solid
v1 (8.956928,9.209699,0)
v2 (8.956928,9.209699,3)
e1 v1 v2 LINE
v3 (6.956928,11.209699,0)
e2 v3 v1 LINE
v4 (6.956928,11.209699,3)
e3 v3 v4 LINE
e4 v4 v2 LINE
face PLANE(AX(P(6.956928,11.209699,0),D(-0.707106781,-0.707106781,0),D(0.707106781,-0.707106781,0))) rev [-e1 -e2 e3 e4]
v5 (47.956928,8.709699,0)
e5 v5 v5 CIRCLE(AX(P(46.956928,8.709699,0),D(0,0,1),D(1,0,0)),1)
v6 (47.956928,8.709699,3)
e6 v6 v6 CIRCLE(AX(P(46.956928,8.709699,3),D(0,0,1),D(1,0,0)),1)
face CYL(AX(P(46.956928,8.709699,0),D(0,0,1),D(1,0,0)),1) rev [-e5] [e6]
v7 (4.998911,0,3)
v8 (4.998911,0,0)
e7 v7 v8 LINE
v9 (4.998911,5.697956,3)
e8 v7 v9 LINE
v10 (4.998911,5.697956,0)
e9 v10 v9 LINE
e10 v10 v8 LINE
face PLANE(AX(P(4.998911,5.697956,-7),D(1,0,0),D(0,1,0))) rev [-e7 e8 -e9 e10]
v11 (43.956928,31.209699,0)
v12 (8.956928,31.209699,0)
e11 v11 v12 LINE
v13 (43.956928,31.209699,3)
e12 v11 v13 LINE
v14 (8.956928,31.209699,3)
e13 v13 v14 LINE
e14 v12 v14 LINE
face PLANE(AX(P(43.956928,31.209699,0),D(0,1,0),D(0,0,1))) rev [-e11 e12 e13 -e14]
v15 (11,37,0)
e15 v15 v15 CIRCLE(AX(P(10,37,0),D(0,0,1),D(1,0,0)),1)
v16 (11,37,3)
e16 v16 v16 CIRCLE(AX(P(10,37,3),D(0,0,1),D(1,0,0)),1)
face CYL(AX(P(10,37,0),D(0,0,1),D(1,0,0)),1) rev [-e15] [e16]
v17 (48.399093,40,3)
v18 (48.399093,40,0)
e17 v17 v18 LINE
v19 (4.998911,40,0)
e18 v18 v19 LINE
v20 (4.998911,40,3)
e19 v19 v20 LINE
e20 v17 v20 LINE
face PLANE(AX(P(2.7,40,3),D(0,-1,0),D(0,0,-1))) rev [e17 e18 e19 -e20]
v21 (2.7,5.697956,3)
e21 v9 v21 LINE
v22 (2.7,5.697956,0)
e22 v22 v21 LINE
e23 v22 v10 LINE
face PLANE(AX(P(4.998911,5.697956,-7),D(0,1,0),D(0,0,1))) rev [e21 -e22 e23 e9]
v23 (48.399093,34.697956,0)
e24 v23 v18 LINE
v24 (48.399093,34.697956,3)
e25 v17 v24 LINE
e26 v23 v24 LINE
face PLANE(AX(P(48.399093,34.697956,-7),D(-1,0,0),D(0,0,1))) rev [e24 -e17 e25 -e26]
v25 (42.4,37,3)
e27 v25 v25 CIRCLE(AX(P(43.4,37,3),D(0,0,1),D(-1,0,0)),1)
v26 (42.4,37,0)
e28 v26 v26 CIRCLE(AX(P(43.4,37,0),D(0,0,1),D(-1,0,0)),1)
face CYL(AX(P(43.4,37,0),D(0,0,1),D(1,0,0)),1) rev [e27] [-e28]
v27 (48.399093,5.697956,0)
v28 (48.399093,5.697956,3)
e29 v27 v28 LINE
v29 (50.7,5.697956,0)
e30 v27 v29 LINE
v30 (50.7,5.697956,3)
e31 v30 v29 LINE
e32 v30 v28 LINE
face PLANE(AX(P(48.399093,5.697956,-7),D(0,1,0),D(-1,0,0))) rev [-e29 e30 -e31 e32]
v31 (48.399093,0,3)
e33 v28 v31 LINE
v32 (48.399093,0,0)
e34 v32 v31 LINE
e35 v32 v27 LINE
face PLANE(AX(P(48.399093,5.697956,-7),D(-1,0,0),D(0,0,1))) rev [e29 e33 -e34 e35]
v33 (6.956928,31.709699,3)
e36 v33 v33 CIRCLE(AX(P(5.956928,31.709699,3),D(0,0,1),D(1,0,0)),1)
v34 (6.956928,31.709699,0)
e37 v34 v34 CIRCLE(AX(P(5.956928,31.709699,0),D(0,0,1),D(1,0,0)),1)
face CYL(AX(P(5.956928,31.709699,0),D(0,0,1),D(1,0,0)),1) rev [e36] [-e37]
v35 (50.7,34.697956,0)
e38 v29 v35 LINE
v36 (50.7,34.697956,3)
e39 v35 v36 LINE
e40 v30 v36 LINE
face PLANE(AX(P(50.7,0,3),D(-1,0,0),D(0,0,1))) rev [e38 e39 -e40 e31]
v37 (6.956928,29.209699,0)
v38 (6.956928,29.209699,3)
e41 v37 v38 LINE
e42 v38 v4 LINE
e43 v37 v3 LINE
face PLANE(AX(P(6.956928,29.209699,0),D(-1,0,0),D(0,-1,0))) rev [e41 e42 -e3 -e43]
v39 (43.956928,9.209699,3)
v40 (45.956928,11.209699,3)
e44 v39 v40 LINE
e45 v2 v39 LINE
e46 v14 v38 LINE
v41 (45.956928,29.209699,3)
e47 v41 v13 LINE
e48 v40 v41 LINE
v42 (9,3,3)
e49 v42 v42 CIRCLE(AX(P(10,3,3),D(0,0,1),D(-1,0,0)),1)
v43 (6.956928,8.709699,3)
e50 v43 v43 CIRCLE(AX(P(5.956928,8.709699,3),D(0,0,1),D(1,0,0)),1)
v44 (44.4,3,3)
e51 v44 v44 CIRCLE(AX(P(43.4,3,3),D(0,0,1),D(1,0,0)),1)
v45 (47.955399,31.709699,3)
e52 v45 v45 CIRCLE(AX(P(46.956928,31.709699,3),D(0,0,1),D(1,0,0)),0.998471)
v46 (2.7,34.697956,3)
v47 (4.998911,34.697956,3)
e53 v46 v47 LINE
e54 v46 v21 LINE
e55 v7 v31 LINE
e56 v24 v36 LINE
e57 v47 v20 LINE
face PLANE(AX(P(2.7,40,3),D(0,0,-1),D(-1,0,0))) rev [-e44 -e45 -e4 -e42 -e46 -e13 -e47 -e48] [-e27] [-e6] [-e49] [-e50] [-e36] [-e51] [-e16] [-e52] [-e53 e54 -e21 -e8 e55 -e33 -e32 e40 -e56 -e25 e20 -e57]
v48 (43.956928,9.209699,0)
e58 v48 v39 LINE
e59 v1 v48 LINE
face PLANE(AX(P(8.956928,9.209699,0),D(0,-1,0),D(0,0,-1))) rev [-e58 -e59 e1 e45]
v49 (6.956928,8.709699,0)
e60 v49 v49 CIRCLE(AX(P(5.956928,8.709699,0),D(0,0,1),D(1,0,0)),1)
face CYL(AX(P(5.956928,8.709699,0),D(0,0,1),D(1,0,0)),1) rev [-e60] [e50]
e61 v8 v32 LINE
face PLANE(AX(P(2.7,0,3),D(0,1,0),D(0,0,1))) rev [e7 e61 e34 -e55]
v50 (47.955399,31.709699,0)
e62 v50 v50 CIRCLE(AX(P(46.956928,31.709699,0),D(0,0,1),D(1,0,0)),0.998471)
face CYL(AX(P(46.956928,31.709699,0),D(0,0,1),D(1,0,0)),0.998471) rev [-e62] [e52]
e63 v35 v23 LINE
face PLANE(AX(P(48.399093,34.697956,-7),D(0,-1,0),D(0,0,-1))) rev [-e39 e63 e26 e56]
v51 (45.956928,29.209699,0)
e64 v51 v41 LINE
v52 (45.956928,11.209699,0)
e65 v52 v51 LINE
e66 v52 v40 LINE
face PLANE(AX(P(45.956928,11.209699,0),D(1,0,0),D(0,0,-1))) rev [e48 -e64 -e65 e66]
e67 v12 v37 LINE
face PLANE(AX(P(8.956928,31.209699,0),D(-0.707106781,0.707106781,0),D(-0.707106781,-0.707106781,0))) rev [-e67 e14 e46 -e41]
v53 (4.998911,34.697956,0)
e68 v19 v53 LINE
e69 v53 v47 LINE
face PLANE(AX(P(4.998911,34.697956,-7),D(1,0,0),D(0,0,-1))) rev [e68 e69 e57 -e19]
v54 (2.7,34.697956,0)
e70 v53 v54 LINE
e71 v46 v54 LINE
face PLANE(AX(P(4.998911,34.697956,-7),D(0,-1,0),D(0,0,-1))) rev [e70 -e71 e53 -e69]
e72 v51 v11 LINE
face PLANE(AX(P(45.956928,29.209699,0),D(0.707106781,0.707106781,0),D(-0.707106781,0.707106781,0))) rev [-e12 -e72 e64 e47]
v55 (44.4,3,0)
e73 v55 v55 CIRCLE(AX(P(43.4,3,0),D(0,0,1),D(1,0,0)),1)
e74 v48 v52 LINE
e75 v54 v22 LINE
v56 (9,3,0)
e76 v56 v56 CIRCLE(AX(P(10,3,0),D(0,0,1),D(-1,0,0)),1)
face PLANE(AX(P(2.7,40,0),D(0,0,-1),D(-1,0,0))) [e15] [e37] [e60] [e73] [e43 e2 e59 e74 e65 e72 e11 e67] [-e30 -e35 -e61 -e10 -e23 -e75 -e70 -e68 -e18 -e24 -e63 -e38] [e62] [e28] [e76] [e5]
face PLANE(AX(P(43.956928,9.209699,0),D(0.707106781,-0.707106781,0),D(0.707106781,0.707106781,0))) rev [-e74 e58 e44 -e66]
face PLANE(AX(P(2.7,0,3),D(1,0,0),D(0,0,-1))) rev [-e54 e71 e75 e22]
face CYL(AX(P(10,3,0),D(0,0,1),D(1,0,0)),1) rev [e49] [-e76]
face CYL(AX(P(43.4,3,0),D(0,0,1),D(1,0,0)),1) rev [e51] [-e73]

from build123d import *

# Parameters (mm, degrees)
ESBO_O1_W                = 48
ESBO_O1_H                = 40
RESSALTO_EXTRUS_O1_DEPTH = 3
ESBO_O2_R                = 1
CORTE_EXTRUS_O1_DEPTH    = 4
ESBO_O3_W                = 9.79419224
ESBO_O3_H                = 12.19966749
ESBO_O3_H_2              = 11.54056128
ESBO_O3_W_2              = 8.914185242
CORTE_EXTRUS_O2_DEPTH    = 10
CORTE_EXTRUS_O3_DEPTH    = 4
ESBO_O5_R                = 1
ESBO_O5_R_2              = 0.998470841
CORTE_EXTRUS_O4_DEPTH    = 4


with BuildPart() as part:
    # Esboço1 → Ressalto-extrusão1 (new body)
    with BuildSketch(Plane.XY):
        with Locations((26.7, 20)):
            Rectangle(ESBO_O1_W, ESBO_O1_H)
    extrude(amount=RESSALTO_EXTRUS_O1_DEPTH)

    # Esboço2 → Corte-extrusão1 (cut, through all)
    with BuildSketch(Plane.XY.offset(3)):
        with Locations((10, 37)):
            Circle(ESBO_O2_R)
        with Locations((10, 3)):
            Circle(ESBO_O2_R)
        with Locations((43.4, 3)):
            Circle(ESBO_O2_R)
        with Locations((43.4, 37)):
            Circle(ESBO_O2_R)
    extrude(amount=-CORTE_EXTRUS_O1_DEPTH, mode=Mode.SUBTRACT)

    # Esboço3 → Corte-extrusão2 (cut)
    with BuildSketch(Plane.XY.offset(3)):
        with Locations((53.2961889, 40.797789277)):
            Rectangle(ESBO_O3_W, ESBO_O3_H)
        with Locations((53.2961889, -0.072325108)):
            Rectangle(ESBO_O3_W, ESBO_O3_H_2)
        with Locations((0.54181876, -0.072325108)):
            Rectangle(ESBO_O3_W_2, ESBO_O3_H_2)
        with Locations((0.54181876, 40.797789277)):
            Rectangle(ESBO_O3_W_2, ESBO_O3_H)
    extrude(amount=-CORTE_EXTRUS_O2_DEPTH, mode=Mode.SUBTRACT)

    # Esboço4 → Corte-extrusão3 (cut, through all)
    with BuildSketch(Plane.XY.offset(3)):
        Polygon((8.956927741, 31.209698911), (6.956927741, 29.209698911), (6.956927741, 11.209698911), (8.956927741, 9.209698911), (43.956927741, 9.209698911), (45.956927741, 11.209698911), (45.956927741, 29.209698911), (43.956927741, 31.209698911), align=None)
    extrude(amount=-CORTE_EXTRUS_O3_DEPTH, mode=Mode.SUBTRACT)

    # Esboço5 → Corte-extrusão4 (cut, through all)
    with BuildSketch(Plane.XY.offset(3)):
        with Locations((5.956927741, 31.709698911)):
            Circle(ESBO_O5_R)
        with Locations((46.956927741, 31.709698911)):
            Circle(ESBO_O5_R_2)
        with Locations((46.956927741, 8.709698911)):
            Circle(ESBO_O5_R)
        with Locations((5.956927741, 8.709698911)):
            Circle(ESBO_O5_R)
    extrude(amount=-CORTE_EXTRUS_O4_DEPTH, mode=Mode.SUBTRACT)


solid = part.part
